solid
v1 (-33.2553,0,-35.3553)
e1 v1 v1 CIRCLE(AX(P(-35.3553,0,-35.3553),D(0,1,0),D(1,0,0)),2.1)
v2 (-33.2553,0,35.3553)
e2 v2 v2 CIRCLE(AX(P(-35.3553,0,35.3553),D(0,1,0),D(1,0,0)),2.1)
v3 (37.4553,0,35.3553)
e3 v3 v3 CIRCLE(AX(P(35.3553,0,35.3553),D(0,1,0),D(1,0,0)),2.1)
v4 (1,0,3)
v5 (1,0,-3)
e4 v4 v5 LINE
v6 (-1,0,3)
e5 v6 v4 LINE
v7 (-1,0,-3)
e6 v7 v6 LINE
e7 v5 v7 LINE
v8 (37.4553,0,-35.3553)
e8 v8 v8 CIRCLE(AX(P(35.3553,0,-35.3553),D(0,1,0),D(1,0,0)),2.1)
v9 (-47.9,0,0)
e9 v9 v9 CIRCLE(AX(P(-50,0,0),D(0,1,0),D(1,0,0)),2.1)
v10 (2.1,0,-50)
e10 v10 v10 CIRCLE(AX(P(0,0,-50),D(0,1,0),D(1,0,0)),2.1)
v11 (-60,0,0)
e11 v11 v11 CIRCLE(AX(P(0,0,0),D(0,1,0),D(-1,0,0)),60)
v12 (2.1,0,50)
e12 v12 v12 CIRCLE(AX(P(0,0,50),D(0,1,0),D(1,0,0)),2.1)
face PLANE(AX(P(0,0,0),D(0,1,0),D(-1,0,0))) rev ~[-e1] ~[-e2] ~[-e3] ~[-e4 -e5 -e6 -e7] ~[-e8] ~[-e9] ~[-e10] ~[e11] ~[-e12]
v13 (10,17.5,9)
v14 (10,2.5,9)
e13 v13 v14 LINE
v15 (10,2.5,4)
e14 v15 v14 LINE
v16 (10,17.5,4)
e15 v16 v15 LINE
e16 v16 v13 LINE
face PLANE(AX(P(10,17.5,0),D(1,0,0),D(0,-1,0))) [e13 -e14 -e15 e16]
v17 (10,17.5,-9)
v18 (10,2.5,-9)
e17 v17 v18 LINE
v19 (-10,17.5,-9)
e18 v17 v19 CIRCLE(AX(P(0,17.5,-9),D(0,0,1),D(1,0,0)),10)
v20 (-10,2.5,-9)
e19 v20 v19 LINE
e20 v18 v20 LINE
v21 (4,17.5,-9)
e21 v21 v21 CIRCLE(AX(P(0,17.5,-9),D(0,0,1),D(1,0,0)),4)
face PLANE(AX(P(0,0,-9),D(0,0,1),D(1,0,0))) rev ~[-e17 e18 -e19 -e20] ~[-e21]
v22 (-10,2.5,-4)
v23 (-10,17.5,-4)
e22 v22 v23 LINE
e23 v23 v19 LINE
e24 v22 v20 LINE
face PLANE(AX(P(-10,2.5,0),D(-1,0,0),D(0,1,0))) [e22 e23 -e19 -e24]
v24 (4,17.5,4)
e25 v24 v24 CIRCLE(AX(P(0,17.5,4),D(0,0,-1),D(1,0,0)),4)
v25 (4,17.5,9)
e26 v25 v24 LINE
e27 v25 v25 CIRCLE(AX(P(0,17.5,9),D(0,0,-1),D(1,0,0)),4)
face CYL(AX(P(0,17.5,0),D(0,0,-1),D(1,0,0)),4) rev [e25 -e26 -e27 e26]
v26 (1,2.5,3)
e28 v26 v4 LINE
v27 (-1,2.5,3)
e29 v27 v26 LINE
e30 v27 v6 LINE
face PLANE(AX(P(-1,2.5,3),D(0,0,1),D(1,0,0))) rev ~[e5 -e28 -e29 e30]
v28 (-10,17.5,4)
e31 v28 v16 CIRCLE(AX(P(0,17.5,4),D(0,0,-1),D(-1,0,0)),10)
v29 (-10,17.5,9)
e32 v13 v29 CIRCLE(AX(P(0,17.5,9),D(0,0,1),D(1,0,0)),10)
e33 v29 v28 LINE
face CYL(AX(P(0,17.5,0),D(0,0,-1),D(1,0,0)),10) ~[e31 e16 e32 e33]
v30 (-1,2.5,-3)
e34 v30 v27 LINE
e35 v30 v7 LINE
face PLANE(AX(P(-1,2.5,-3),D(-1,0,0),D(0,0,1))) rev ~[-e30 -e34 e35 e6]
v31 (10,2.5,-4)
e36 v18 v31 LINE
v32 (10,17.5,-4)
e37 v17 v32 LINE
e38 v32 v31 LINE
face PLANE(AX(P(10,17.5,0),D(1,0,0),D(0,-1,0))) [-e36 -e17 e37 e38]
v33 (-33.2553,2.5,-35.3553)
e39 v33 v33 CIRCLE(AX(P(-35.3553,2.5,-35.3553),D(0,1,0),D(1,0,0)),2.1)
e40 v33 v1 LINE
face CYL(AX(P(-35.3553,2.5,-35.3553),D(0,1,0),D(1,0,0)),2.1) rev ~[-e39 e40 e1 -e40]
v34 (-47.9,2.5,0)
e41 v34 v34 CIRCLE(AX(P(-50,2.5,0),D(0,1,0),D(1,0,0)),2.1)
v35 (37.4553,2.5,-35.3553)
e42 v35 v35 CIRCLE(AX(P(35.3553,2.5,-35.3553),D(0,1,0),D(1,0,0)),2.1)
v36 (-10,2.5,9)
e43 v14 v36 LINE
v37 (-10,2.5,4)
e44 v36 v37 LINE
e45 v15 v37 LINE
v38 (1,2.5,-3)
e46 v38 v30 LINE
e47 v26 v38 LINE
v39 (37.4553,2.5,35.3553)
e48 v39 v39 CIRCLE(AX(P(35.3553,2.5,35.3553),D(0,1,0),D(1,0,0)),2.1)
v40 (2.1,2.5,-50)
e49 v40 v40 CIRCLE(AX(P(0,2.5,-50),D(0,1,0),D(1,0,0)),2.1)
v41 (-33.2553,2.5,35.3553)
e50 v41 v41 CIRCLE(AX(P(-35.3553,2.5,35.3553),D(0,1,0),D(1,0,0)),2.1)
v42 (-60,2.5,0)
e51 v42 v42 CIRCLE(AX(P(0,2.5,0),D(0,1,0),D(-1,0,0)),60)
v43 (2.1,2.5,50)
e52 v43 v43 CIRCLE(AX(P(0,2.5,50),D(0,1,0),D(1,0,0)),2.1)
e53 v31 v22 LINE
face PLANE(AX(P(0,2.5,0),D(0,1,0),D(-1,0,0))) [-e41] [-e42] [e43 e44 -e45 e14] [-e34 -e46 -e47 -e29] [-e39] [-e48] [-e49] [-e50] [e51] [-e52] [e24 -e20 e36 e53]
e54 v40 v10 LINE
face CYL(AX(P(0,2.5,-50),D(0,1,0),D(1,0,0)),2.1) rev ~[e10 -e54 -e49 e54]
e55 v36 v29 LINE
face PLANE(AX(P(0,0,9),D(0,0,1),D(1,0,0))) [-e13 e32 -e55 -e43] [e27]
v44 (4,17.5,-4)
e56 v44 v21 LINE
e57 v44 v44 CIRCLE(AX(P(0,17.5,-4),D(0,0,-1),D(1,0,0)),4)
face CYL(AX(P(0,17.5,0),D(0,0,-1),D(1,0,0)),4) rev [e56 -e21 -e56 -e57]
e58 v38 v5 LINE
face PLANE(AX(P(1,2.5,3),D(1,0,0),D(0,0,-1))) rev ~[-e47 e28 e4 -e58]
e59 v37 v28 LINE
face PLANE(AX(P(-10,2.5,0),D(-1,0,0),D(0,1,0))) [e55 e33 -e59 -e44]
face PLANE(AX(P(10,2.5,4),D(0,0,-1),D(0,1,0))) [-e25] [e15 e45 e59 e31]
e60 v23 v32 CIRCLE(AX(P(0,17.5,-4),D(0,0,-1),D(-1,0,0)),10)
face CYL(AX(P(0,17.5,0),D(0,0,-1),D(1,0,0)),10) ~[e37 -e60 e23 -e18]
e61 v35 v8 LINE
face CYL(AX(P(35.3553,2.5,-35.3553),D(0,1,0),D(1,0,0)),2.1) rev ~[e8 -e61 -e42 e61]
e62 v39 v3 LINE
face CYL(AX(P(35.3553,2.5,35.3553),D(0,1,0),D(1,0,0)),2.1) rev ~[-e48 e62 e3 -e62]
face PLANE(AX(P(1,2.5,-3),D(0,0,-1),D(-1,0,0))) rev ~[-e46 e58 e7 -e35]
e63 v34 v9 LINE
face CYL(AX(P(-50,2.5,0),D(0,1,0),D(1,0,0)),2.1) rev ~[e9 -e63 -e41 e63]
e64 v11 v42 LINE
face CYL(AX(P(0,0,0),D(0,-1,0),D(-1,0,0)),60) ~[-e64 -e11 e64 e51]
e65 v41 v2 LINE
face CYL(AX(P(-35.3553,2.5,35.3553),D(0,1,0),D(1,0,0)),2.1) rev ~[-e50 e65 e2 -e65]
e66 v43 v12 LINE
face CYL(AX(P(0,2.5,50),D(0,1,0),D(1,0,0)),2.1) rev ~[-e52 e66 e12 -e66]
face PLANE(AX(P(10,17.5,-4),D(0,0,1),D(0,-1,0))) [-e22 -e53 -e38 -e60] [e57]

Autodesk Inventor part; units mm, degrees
ref_plane "YZ Plane" through (0, 0, 0) normal (1, 0, 0) x (0, 1, 0)
ref_plane "XZ Plane" through (0, 0, 0) normal (0, 1, 0) x (-1, 0, 0)
ref_plane "XY Plane" through (0, 0, 0) normal (0, 0, 1) x (1, 0, 0)
sketch "Sketch1" plane through (0, 0, 0) normal (0, 1, 0) x (-1, 0, 0)
  circle A0 centre (0, 0) radius 60
  dimension "d0" = 120
extrude "Extrusion1" add sketch "Sketch1" along normal blind 2.5
sketch "Sketch2" plane through (0, 0, 0) normal (0, 0, 1) x (1, 0, 0)
  line L0 (60, 2.5) -> (-60, 2.5) projected
  line L1 (-10, 17.5) -> (-4, 17.5)
  line L2 (10, 17.5) -> (10, 2.5)
  line L3 (10, 2.5) -> (-10, 2.5)
  line L4 (-10, 2.5) -> (-10, 17.5)
  circle A0 centre (0, 17.5) radius 10
  circle A1 centre (0, 17.5) radius 4
  line L5 (4, 17.5) -> (10, 17.5)
  line L6 (-4, 17.5) -> (4, 17.5)
  point P0 (0, 0)
  point P1 (0, 2.5)
  dimension "d3" = 20
  dimension "d4" = 15
  dimension "d5" = 8
extrude "Extrusion2" add sketch "Sketch2" along normal mid plane 18 contours L0 L4 A0 L2 | L5 A1 L1 A0 | A0 L1 A1 L5
sketch "Sketch4" plane through (10, 2.5, 9) normal (1, 0, 0) x (0, 0, -1)
  line L0 (18, 15) -> (0, 15) projected
  line L1 (18, 15) -> (18, 15) projected
  line L2 (0, 15) -> (18, 15) projected
  line L3 (0, 15) -> (0, 15) projected
  line L4 (18, 15) -> (0, 15) projected
  line L5 (0, 0) -> (0, 15) projected
  line L6 (18, 0) -> (0, 0) projected
  line L7 (18, 15) -> (18, 0) projected
  line L8 (5, 25) -> (13, 25)
  line L9 (13, 25) -> (13, 0)
  line L10 (13, 0) -> (5, 0)
  line L11 (5, 0) -> (5, 25)
  line L12 (69, 0) -> (-51, 0) projected
  point P0 (9, -2.5)
  point P1 (9, 0)
  dimension "d8" = 8
  dimension "d9" = 25
extrude "Extrusion3" cut sketch "Sketch4" against normal blind 20 contours L9 L6 L11 L0 | L0 L11 L8 L9
sketch "Sketch5" plane through (0, 2.5, 0) normal (0, 1, 0) x (1, 0, 0)
  line L0 (10, -4) -> (10, -9) projected
  line L1 (10, -9) -> (-10, -9) projected
  line L2 (-10, -9) -> (-10, -4) projected
  line L3 (10, -4) -> (-10, -4) projected
  line L4 (10, 4) -> (-10, 4) projected
  line L5 (-10, 4) -> (-10, 9) projected
  line L6 (-10, 9) -> (10, 9) projected
  line L7 (10, 9) -> (10, 4) projected
  circle A0 centre (0, 0) radius 60 projected
  line L8 (1, 3) -> (-1, 3)
  line L9 (-1, 3) -> (-1, -3)
  line L10 (-1, -3) -> (1, -3)
  line L11 (1, -3) -> (1, 3)
  line L12 (-1, -3) -> (1, 3) construction
  line L13 (-1, 3) -> (1, -3) construction
  line L14 (0, 0) -> (50, 0) construction
  line L15 (0, 0) -> (50, 0) construction
  line L16 (0, 0) -> (35.3553, 35.3553) construction
  line L17 (0, 0) -> (50, 0) construction
  line L18 (0, 0) -> (0, 50) construction
  line L19 (0, 0) -> (50, 0) construction
  line L20 (0, 0) -> (-35.3553, 35.3553) construction
  line L21 (0, 0) -> (50, 0) construction
  line L22 (0, 0) -> (-50, 0) construction
  line L23 (0, 0) -> (50, 0) construction
  line L24 (0, 0) -> (-35.3553, -35.3553) construction
  line L25 (0, 0) -> (50, 0) construction
  line L26 (0, 0) -> (0, -50) construction
  line L27 (0, 0) -> (50, 0) construction
  line L28 (0, 0) -> (35.3553, -35.3553) construction
  line L29 (0, 0) -> (50, 0) construction
  circle A1 centre (0, -50) radius 2.1
  circle A2 centre (35.3553, -35.3553) radius 2.1
  circle A3 centre (50, 0) radius 2.1
  circle A4 centre (35.3553, 35.3553) radius 2.1
  circle A5 centre (0, 50) radius 2.1
  circle A6 centre (-35.3553, 35.3553) radius 2.1
  circle A7 centre (-50, 0) radius 2.1
  circle A8 centre (-35.3553, -35.3553) radius 2.1
  point P0 (0, 0)
  dimension "d13" = 120
  dimension "d17" = 6
  dimension "d18" = 2
  dimension "d19" = 50
  dimension "d20" = 0
  dimension "d21" = 50
  dimension "d22" = 45
  dimension "d23" = 50
  dimension "d24" = 90
  dimension "d25" = 50
  dimension "d26" = 135
  dimension "d27" = 50
  dimension "d28" = 180
  dimension "d29" = 50
  dimension "d30" = 135
  dimension "d31" = 50
  dimension "d32" = 90
  dimension "d33" = 50
  dimension "d34" = 45
  dimension "d35" = 4.2
  dimension "d36" = 4.2
  dimension "d37" = 4.2
  dimension "d38" = 4.2
  dimension "d39" = 4.2
  dimension "d40" = 4.2
  dimension "d41" = 4.2
  dimension "d42" = 4.2
extrude "Extrusion4" cut sketch "Sketch5" against normal blind 20 contours L11 L10 L9 L8 | A1 | A2 | A4 | A5 | A6 | A7 | A8
equation "\"d36\" = d35"
equation "\"d37\" = d36"
equation "\"d38\" = d37"
equation "\"d39\" = d38"
equation "\"d40\" = d39"
equation "\"d41\" = d40"
equation "\"d42\" = d41"
properties part number "Base top" material "ABS Plastic"
